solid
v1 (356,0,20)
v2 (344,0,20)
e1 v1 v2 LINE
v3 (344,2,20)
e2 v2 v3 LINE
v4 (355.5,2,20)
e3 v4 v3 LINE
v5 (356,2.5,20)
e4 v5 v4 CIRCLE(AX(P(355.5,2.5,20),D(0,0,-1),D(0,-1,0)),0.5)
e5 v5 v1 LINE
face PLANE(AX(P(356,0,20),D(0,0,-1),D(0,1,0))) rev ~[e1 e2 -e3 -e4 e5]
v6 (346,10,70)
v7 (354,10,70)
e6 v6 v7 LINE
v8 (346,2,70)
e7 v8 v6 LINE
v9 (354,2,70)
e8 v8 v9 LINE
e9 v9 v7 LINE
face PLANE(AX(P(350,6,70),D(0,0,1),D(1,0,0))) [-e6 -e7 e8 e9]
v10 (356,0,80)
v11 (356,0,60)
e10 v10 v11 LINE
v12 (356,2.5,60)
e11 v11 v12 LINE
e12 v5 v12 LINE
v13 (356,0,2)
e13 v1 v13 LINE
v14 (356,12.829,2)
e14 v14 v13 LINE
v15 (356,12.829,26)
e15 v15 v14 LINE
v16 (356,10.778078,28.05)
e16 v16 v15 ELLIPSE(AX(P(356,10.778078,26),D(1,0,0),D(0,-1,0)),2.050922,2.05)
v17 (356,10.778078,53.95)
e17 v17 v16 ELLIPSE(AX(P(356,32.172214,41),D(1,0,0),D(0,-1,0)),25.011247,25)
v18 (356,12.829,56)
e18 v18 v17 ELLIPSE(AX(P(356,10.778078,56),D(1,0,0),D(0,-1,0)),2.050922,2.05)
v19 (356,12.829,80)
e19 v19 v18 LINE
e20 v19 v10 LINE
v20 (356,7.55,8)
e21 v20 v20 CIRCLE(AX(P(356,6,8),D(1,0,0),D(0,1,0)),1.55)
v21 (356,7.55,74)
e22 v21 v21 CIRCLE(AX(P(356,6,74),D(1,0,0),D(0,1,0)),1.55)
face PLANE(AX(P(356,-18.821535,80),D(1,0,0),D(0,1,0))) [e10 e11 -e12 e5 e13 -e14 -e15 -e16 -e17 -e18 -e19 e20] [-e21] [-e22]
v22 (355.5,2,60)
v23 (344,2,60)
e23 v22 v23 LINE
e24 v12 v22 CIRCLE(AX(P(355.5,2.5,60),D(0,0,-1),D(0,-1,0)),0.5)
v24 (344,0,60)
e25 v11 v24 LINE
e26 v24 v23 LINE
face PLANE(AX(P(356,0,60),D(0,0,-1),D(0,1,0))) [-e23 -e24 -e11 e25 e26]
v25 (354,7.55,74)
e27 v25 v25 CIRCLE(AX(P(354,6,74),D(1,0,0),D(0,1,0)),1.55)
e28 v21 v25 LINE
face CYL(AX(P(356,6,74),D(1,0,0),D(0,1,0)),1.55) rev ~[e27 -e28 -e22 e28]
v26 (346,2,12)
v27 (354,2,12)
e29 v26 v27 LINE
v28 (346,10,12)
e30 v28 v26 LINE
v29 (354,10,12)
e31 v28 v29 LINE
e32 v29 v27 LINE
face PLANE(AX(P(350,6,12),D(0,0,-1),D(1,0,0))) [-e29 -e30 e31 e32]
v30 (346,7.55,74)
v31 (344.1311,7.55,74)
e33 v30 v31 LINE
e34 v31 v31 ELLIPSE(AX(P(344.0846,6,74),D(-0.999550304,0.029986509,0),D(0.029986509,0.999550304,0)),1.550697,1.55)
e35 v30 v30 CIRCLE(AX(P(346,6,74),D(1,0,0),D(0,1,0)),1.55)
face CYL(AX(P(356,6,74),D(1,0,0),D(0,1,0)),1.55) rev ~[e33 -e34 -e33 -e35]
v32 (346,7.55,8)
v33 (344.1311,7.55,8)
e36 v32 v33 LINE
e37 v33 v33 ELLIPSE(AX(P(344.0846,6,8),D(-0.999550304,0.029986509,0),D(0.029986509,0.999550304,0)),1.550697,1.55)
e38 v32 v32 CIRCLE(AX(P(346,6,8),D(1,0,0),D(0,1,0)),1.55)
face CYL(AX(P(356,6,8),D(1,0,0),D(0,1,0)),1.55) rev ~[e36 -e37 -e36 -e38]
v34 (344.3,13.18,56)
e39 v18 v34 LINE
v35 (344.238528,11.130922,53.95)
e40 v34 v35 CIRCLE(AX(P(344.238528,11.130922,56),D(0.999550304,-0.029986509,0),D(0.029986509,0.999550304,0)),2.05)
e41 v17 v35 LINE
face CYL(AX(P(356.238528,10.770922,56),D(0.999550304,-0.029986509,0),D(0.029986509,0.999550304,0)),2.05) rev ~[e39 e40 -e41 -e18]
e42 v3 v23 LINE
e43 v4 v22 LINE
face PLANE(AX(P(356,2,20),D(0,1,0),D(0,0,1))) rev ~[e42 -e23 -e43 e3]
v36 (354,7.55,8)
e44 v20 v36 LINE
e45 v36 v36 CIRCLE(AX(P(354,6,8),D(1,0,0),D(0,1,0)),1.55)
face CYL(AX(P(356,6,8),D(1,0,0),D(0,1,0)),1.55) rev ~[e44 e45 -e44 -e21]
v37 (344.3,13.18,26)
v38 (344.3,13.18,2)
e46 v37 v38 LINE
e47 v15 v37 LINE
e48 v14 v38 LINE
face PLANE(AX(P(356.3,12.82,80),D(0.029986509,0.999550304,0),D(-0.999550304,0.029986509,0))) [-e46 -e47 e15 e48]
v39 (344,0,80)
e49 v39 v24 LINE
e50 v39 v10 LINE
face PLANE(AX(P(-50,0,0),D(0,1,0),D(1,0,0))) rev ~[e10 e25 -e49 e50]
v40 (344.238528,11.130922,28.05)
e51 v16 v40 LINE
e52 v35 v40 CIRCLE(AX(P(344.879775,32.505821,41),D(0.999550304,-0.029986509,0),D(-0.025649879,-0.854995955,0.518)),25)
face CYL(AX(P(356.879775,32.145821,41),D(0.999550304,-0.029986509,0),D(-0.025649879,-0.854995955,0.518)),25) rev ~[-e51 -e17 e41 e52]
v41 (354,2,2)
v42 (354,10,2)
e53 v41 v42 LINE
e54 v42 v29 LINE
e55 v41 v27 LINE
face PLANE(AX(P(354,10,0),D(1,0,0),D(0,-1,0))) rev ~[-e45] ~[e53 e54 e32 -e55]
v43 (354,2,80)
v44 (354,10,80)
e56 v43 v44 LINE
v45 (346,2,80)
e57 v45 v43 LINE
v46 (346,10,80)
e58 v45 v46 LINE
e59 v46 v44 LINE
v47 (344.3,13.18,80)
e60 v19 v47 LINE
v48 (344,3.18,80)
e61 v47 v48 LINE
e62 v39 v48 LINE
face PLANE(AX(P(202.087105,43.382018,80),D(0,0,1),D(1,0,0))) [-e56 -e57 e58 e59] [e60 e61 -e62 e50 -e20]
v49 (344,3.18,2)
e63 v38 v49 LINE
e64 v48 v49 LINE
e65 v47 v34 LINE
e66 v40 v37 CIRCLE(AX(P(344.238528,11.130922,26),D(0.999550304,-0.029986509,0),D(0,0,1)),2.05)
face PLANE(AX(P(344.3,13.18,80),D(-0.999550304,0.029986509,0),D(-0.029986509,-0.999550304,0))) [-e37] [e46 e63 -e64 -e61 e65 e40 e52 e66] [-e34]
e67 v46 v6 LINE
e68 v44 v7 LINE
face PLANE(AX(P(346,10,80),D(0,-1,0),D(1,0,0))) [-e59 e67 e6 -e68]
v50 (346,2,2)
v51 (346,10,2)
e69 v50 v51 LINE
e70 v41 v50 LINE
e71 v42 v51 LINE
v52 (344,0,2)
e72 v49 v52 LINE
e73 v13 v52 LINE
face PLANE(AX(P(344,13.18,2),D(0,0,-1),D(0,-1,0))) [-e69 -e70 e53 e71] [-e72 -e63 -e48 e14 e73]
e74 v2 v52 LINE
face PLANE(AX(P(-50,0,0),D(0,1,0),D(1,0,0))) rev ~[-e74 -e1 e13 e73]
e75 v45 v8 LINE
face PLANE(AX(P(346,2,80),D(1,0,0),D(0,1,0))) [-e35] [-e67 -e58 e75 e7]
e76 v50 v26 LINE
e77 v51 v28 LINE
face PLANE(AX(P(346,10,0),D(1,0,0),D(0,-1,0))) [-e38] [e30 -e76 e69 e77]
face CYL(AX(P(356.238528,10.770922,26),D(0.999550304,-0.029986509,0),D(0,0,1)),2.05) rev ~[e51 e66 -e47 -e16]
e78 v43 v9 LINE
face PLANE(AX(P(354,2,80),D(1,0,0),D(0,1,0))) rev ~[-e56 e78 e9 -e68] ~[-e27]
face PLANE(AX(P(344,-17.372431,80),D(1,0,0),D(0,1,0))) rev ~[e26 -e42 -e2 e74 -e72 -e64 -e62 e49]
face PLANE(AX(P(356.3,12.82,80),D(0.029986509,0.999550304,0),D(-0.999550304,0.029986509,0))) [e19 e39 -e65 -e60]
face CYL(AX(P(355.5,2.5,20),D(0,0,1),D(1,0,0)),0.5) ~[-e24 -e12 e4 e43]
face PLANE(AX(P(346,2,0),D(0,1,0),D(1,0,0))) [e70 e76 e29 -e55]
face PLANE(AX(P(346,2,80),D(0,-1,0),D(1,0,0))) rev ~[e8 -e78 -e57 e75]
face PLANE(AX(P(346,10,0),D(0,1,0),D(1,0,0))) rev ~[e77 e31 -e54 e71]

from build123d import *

# Parameters (mm, degrees)
PAD_DEPTH       = 80
POCKET_DEPTH    = 78
POCKET001_DEPTH = 408.7079232475
POCKET002_DEPTH = 408.4326470939
SKETCH004_W     = 433.609177
SKETCH004_H     = 149.2376851805
SKETCH004_W_2   = 114.034424
SKETCH004_H_2   = 150.6867891805
POCKET003_DEPTH = 80.001
SKETCH005_W     = 8
SKETCH005_H     = 8
POCKET004_DEPTH = 10
SKETCH006_W     = 8
SKETCH006_H     = 8
POCKET005_DEPTH = 12
SKETCH007_R     = 1.55
POCKET006_DEPTH = 12.001
POCKET007_DEPTH = 12.001
SKETCH009_W     = 2
SKETCH009_H     = 40
POCKET008_DEPTH = 12.001
FILLET_R        = 0.5


with BuildPart() as part:
    # Sketch → Pad (new body)
    with BuildSketch(Plane.XY):
        Polygon((450, 0), (450, 90), (356, 87.18), (355.64, 99.18), (343.64, 98.82), (344, 86.82), (6, 76.68), (5.64, 88.6800000001), (-6.36, 88.3200000001), (-6, 76.32), (-50, 75), (-50, 0), align=None)
    extrude(amount=PAD_DEPTH)

    # Sketch001 (on Face14 of Pad) → Pocket (cut)
    with BuildSketch(Plane.XY.offset(80)):
        Polygon((-50, 15), (-50, 74), (450, 74), (450, 0), (356, 2.82), (356.3, 12.82), (344.3, 13.18), (344, 3.18), (6, 13.32), (6.3, 23.32), (-5.7, 23.68), (-6, 13.68), align=None)
    extrude(amount=-POCKET_DEPTH, mode=Mode.SUBTRACT)

    # Sketch002 (on Face26 of Pocket) → Pocket001 (cut, through all)
    with BuildSketch(Plane(origin=(355.5953641722, -10.6678609252, 0), x_dir=(0.0299865091, 0.9995503035, 0), z_dir=(0.9995503035, -0.0299865091, 0))):
        with BuildLine():
            ThreePointArc((23.4984280855, 56), (19.9988591841, 57.4495689014), (21.4484280855, 53.95))
            ThreePointArc((21.4484280855, 53.95), (17.8329435114, 41), (21.4484280855, 28.05))
            ThreePointArc((21.4484280855, 28.05), (19.9988591841, 24.5504310986), (23.4984280855, 26))
            Line((23.4984280855, 26), (23.4984280855, 56))
        make_face()
    extrude(amount=-POCKET001_DEPTH, mode=Mode.SUBTRACT)

    # Sketch003 (on Face14 of Pocket001) → Pocket002 (cut, through all)
    with BuildSketch(Plane(origin=(358.2929363573, 10.7487880907, 0), x_dir=(-0.0299865091, 0.9995503035, 0), z_dir=(0.9995503035, 0.0299865091, 0))):
        with BuildLine():
            ThreePointArc((88.470997005, 56), (84.9714281036, 57.4495689014), (86.420997005, 53.95))
            ThreePointArc((86.420997005, 53.95), (82.8055124309, 41), (86.420997005, 28.05))
            ThreePointArc((86.420997005, 28.05), (84.9714281036, 24.5504310986), (88.470997005, 26))
            Line((88.470997005, 26), (88.470997005, 56))
        make_face()
    extrude(amount=-POCKET002_DEPTH, mode=Mode.SUBTRACT)

    # Sketch004 (on Face7 of Pocket002) → Pocket003 (cut, through all)
    with BuildSketch(Plane.XY.offset(80)):
        with Locations((127.1954115, 57.2464115903)):
            Rectangle(SKETCH004_W, SKETCH004_H)
        with Locations((413.017212, 56.5218595903)):
            Rectangle(SKETCH004_W_2, SKETCH004_H_2)
    extrude(amount=-POCKET003_DEPTH, mode=Mode.SUBTRACT)

    # Sketch005 (on Face8 of Pocket003) → Pocket004 (cut)
    with BuildSketch(Plane.XY.offset(80)):
        with Locations((350, 88)):
            Rectangle(SKETCH005_W, SKETCH005_H)
        with Locations((350, 6)):
            Rectangle(SKETCH005_W, SKETCH005_H)
    extrude(amount=-POCKET004_DEPTH, mode=Mode.SUBTRACT)

    # Sketch006 (on Face1 of Pocket004) → Pocket005 (cut)
    with BuildSketch(Plane(origin=(0, 0, 0), x_dir=(1, 0, 0), z_dir=(0, 0, -1))):
        with Locations((350, -6)):
            Rectangle(SKETCH006_W, SKETCH006_H)
        with Locations((350, -88)):
            Rectangle(SKETCH006_W, SKETCH006_H)
    extrude(amount=-POCKET005_DEPTH, mode=Mode.SUBTRACT)

    # Sketch007 (on Face6 of Pocket005) → Pocket006 (cut, through all)
    with BuildSketch(Plane.YZ.offset(356)):
        with Locations((6, 74)):
            Circle(SKETCH007_R)
        with Locations((88, 74)):
            Circle(SKETCH007_R)
        with Locations((88, 8)):
            Circle(SKETCH007_R)
        with Locations((6, 8)):
            Circle(SKETCH007_R)
    extrude(amount=-POCKET006_DEPTH, mode=Mode.SUBTRACT)

    # Sketch008 (on Face2 of Pocket006) → Pocket007 (cut, through all)
    with BuildSketch(Plane(origin=(344, 0, 0), x_dir=(0, -1, 0), z_dir=(-1, 0, 0))):
        Polygon((-136.047638, 92.811623), (-13.18, 92.811623), (-13.18, 2), (21.701658, 2), (21.701658, -28.608723), (-136.047638, -28.608723), align=None)
    extrude(amount=-POCKET007_DEPTH, mode=Mode.SUBTRACT)

    # Sketch009 (on Face13 of Pocket007) → Pocket008 (cut, through all)
    with BuildSketch(Plane.YZ.offset(356)):
        with Locations((1, 40)):
            Rectangle(SKETCH009_W, SKETCH009_H)
    extrude(amount=-POCKET008_DEPTH, mode=Mode.SUBTRACT)

    # Fillet
    fillet_edges = [part.edges().sort_by_distance(p)[0] for p in [
        (356, 2, 40),
    ]]
    fillet(fillet_edges, radius=FILLET_R)


solid = part.part
